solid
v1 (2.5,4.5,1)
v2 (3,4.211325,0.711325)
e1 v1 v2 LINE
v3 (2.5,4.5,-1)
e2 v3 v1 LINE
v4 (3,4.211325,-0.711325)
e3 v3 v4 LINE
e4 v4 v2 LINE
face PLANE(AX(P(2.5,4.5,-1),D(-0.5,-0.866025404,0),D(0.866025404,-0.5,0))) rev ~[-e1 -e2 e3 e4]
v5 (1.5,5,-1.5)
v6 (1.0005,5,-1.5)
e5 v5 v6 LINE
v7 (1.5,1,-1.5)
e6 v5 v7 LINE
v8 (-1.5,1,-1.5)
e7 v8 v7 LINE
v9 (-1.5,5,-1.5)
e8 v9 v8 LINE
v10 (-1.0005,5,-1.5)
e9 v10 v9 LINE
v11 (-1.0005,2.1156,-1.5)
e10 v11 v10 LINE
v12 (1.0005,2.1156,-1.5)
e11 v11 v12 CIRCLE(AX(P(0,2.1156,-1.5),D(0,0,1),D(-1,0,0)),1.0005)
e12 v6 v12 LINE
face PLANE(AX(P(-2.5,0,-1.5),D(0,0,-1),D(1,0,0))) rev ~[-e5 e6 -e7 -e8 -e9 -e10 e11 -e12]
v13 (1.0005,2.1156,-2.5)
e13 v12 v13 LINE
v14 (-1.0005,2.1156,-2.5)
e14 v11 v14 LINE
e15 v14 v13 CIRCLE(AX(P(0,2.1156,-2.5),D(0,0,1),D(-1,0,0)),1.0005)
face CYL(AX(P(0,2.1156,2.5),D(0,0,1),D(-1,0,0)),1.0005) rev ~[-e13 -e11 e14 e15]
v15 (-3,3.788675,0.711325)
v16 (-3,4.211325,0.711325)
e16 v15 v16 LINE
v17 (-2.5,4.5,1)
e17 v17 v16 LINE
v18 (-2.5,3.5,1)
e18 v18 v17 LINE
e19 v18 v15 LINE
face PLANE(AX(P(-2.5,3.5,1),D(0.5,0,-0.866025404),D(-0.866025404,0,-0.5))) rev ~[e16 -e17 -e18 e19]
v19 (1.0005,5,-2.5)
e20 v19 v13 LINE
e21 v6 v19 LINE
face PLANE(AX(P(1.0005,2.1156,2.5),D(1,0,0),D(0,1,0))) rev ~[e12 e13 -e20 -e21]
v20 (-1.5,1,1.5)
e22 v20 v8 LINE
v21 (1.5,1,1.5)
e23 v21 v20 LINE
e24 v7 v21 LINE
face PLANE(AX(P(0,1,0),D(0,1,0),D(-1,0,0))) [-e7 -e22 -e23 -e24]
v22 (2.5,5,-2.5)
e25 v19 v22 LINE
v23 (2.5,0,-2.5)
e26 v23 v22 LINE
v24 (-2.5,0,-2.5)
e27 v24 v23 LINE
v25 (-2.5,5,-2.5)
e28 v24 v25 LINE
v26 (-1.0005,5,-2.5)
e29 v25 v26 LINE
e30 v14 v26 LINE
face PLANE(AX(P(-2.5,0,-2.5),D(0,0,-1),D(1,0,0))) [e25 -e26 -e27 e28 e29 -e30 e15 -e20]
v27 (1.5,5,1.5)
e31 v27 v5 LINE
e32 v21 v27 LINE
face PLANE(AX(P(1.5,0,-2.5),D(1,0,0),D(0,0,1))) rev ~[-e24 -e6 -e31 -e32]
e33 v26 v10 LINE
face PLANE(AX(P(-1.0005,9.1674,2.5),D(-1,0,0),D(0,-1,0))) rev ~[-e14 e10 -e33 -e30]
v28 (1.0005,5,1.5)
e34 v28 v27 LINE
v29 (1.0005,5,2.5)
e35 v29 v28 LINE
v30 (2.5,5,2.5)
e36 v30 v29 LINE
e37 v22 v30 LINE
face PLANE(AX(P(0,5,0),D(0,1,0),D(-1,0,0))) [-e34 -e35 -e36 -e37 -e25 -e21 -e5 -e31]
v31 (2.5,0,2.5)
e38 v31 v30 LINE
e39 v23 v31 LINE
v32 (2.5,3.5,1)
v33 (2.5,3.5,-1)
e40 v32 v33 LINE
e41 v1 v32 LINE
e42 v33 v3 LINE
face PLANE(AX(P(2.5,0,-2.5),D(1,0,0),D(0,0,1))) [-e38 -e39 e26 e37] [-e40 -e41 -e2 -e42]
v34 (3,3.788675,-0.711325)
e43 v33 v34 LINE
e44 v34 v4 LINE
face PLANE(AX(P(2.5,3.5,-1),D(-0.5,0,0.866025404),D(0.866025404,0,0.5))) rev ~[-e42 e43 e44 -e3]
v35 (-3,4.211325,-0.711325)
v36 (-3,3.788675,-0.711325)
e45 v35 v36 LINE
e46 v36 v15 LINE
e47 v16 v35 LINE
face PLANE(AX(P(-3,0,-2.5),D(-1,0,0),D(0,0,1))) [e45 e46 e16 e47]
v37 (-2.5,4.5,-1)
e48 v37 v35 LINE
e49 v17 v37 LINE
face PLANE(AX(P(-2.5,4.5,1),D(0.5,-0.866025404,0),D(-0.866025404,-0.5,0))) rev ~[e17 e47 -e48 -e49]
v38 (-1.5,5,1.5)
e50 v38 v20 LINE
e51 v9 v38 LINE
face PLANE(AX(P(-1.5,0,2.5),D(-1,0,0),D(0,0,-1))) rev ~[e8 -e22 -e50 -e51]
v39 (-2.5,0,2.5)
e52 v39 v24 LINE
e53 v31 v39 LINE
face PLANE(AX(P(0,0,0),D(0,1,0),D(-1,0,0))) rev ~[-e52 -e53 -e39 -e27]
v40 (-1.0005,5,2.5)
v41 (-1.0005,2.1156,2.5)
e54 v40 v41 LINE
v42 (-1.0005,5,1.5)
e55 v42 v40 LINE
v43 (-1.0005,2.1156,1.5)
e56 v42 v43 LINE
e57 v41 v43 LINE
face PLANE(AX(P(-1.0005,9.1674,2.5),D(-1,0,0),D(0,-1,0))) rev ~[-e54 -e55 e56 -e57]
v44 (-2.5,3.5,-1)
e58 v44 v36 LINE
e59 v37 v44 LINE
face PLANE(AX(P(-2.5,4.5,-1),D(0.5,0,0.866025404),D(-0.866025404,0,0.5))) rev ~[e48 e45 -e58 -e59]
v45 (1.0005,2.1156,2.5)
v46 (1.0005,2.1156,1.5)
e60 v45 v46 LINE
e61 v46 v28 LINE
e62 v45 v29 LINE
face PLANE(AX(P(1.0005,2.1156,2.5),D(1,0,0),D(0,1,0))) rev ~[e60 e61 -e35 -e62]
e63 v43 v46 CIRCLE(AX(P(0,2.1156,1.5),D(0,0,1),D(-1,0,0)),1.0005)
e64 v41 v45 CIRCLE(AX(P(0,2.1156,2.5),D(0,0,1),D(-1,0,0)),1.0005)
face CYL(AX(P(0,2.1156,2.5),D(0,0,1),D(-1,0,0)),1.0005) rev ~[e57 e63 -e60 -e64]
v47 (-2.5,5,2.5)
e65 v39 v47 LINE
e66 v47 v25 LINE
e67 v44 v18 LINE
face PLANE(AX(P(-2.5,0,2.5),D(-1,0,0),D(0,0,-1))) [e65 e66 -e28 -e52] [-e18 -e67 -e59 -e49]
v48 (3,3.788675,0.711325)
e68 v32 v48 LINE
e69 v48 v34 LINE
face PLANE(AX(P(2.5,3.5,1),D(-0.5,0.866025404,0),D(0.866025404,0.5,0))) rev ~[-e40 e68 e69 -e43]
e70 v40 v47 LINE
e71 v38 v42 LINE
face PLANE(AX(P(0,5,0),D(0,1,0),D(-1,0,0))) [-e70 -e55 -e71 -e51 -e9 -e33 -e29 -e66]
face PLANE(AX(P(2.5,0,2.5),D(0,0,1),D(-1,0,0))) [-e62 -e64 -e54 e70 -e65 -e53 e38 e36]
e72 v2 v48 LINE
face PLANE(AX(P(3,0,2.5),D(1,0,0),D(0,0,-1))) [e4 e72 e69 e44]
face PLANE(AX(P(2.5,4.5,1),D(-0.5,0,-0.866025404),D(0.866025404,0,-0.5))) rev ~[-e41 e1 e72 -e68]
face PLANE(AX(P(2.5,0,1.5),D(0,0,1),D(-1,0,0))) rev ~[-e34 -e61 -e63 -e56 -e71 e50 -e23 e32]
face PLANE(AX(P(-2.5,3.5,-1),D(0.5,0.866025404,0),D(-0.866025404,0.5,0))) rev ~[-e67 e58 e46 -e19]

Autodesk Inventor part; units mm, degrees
ref_plane "YZ Plane" through (0, 0, 0) normal (1, 0, 0) x (0, 1, 0)
ref_plane "XZ Plane" through (0, 0, 0) normal (0, 1, 0) x (-1, 0, 0)
ref_plane "XY Plane" through (0, 0, 0) normal (0, 0, 1) x (1, 0, 0)
sketch "Sketch1" plane through (0, 0, 0) normal (0, 1, 0) x (-1, 0, 0)
  line L0 (-2.5, 2.5) -> (2.5, 2.5)
  line L1 (2.5, 2.5) -> (2.5, -2.5)
  line L2 (2.5, -2.5) -> (-2.5, -2.5)
  line L3 (-2.5, -2.5) -> (-2.5, 2.5)
  line L4 (-2.5, 2.5) -> (2.5, -2.5) construction
  line L5 (2.5, 2.5) -> (-2.5, -2.5) construction
  point P0 (0, 0)
  dimension "d0" = 5
  dimension "d1" = 5
extrude "Extrusion1" add sketch "Sketch1" along normal blind 5
shell "Shell1" thickness 1 removed faces 1 at (-0.8333, 5, -0.8333)
sketch "Sketch3" plane through (-2.5, 0, 2.5) normal (0, 0, 1) x (1, 0, 0)
  line L0 (2.5, 9.1674) -> (2.5, 2.1156) construction
  line L1 (1.4995, 9.1674) -> (1.4995, 2.1156)
  line L2 (3.5005, 2.1156) -> (3.5005, 9.1674)
  arc A0 (3.5005, 9.1674) -> (1.4995, 9.1674) centre (2.5, 9.1674) ccw
  arc A1 (1.4995, 2.1156) -> (3.5005, 2.1156) centre (2.5, 2.1156) ccw
  point P0 (2.5, 0)
  point P1 (2.5, 5.6415)
extrude "Extrusion3" cut sketch "Sketch3" against normal through all
sketch "Sketch4" plane through (0, 5, 0) normal (0, 1, 0) x (1, 0, 0)
  point P0 (0, 0)
sketch "Sketch5" plane through (0, 5, 0) normal (0, 1, 0) x (1, 0, 0)
  point P0 (0, 0)
sketch "Sketch6" plane through (0, 5, 0) normal (0, 1, 0) x (1, 0, 0)
  point P0 (0, 0)
sketch "Sketch7" plane through (0, 0, 0) normal (0, -1, 0) x (1, 0, 0)
  point P0 (0, 0)
sketch "Sketch8" plane through (-2.5, 0, -2.5) normal (-1, 0, 0) x (0, 0, 1)
  point P0 (2.5, 0)
sketch "Sketch9" plane through (2.5, 0, 2.5) normal (1, 0, 0) x (0, 0, -1)
  line L0 (1.5, 3.5) -> (3.5, 3.5)
  line L1 (3.5, 3.5) -> (3.5, 4.5)
  line L2 (3.5, 4.5) -> (1.5, 4.5)
  line L3 (1.5, 4.5) -> (1.5, 3.5)
  line L4 (1.5, 3.5) -> (3.5, 4.5) construction
  line L5 (3.5, 3.5) -> (1.5, 4.5) construction
  line L6 (0, 5) -> (5, 5) projected
  point P0 (2.5, 0)
  point P1 (2.5, 4)
  dimension "d10" = 1
  dimension "d14" = 2
  dimension "d15" = 1
extrude "Extrusion4" add sketch "Sketch9" along normal blind 0.5 draft -30
sketch "Sketch10" plane through (-2.5, 0, -2.5) normal (-1, 0, 0) x (0, 0, 1)
  line L0 (1.5, 3.5) -> (3.5, 3.5)
  line L1 (3.5, 3.5) -> (3.5, 4.5)
  line L2 (3.5, 4.5) -> (1.5, 4.5)
  line L3 (1.5, 4.5) -> (1.5, 3.5)
  line L4 (1.5, 3.5) -> (3.5, 4.5) construction
  line L5 (3.5, 3.5) -> (1.5, 4.5) construction
  line L6 (0, 5) -> (5, 5) projected
  point P0 (2.5, 0)
  point P1 (2.5, 4)
  dimension "d13" = 1
  dimension "d16" = 2
  dimension "d17" = 1
extrude "Extrusion5" add sketch "Sketch10" along normal blind 0.5 draft -30
equation "\"d16\" = d14"
equation "\"d17\" = d15"
properties part number "snapfit_v07"
